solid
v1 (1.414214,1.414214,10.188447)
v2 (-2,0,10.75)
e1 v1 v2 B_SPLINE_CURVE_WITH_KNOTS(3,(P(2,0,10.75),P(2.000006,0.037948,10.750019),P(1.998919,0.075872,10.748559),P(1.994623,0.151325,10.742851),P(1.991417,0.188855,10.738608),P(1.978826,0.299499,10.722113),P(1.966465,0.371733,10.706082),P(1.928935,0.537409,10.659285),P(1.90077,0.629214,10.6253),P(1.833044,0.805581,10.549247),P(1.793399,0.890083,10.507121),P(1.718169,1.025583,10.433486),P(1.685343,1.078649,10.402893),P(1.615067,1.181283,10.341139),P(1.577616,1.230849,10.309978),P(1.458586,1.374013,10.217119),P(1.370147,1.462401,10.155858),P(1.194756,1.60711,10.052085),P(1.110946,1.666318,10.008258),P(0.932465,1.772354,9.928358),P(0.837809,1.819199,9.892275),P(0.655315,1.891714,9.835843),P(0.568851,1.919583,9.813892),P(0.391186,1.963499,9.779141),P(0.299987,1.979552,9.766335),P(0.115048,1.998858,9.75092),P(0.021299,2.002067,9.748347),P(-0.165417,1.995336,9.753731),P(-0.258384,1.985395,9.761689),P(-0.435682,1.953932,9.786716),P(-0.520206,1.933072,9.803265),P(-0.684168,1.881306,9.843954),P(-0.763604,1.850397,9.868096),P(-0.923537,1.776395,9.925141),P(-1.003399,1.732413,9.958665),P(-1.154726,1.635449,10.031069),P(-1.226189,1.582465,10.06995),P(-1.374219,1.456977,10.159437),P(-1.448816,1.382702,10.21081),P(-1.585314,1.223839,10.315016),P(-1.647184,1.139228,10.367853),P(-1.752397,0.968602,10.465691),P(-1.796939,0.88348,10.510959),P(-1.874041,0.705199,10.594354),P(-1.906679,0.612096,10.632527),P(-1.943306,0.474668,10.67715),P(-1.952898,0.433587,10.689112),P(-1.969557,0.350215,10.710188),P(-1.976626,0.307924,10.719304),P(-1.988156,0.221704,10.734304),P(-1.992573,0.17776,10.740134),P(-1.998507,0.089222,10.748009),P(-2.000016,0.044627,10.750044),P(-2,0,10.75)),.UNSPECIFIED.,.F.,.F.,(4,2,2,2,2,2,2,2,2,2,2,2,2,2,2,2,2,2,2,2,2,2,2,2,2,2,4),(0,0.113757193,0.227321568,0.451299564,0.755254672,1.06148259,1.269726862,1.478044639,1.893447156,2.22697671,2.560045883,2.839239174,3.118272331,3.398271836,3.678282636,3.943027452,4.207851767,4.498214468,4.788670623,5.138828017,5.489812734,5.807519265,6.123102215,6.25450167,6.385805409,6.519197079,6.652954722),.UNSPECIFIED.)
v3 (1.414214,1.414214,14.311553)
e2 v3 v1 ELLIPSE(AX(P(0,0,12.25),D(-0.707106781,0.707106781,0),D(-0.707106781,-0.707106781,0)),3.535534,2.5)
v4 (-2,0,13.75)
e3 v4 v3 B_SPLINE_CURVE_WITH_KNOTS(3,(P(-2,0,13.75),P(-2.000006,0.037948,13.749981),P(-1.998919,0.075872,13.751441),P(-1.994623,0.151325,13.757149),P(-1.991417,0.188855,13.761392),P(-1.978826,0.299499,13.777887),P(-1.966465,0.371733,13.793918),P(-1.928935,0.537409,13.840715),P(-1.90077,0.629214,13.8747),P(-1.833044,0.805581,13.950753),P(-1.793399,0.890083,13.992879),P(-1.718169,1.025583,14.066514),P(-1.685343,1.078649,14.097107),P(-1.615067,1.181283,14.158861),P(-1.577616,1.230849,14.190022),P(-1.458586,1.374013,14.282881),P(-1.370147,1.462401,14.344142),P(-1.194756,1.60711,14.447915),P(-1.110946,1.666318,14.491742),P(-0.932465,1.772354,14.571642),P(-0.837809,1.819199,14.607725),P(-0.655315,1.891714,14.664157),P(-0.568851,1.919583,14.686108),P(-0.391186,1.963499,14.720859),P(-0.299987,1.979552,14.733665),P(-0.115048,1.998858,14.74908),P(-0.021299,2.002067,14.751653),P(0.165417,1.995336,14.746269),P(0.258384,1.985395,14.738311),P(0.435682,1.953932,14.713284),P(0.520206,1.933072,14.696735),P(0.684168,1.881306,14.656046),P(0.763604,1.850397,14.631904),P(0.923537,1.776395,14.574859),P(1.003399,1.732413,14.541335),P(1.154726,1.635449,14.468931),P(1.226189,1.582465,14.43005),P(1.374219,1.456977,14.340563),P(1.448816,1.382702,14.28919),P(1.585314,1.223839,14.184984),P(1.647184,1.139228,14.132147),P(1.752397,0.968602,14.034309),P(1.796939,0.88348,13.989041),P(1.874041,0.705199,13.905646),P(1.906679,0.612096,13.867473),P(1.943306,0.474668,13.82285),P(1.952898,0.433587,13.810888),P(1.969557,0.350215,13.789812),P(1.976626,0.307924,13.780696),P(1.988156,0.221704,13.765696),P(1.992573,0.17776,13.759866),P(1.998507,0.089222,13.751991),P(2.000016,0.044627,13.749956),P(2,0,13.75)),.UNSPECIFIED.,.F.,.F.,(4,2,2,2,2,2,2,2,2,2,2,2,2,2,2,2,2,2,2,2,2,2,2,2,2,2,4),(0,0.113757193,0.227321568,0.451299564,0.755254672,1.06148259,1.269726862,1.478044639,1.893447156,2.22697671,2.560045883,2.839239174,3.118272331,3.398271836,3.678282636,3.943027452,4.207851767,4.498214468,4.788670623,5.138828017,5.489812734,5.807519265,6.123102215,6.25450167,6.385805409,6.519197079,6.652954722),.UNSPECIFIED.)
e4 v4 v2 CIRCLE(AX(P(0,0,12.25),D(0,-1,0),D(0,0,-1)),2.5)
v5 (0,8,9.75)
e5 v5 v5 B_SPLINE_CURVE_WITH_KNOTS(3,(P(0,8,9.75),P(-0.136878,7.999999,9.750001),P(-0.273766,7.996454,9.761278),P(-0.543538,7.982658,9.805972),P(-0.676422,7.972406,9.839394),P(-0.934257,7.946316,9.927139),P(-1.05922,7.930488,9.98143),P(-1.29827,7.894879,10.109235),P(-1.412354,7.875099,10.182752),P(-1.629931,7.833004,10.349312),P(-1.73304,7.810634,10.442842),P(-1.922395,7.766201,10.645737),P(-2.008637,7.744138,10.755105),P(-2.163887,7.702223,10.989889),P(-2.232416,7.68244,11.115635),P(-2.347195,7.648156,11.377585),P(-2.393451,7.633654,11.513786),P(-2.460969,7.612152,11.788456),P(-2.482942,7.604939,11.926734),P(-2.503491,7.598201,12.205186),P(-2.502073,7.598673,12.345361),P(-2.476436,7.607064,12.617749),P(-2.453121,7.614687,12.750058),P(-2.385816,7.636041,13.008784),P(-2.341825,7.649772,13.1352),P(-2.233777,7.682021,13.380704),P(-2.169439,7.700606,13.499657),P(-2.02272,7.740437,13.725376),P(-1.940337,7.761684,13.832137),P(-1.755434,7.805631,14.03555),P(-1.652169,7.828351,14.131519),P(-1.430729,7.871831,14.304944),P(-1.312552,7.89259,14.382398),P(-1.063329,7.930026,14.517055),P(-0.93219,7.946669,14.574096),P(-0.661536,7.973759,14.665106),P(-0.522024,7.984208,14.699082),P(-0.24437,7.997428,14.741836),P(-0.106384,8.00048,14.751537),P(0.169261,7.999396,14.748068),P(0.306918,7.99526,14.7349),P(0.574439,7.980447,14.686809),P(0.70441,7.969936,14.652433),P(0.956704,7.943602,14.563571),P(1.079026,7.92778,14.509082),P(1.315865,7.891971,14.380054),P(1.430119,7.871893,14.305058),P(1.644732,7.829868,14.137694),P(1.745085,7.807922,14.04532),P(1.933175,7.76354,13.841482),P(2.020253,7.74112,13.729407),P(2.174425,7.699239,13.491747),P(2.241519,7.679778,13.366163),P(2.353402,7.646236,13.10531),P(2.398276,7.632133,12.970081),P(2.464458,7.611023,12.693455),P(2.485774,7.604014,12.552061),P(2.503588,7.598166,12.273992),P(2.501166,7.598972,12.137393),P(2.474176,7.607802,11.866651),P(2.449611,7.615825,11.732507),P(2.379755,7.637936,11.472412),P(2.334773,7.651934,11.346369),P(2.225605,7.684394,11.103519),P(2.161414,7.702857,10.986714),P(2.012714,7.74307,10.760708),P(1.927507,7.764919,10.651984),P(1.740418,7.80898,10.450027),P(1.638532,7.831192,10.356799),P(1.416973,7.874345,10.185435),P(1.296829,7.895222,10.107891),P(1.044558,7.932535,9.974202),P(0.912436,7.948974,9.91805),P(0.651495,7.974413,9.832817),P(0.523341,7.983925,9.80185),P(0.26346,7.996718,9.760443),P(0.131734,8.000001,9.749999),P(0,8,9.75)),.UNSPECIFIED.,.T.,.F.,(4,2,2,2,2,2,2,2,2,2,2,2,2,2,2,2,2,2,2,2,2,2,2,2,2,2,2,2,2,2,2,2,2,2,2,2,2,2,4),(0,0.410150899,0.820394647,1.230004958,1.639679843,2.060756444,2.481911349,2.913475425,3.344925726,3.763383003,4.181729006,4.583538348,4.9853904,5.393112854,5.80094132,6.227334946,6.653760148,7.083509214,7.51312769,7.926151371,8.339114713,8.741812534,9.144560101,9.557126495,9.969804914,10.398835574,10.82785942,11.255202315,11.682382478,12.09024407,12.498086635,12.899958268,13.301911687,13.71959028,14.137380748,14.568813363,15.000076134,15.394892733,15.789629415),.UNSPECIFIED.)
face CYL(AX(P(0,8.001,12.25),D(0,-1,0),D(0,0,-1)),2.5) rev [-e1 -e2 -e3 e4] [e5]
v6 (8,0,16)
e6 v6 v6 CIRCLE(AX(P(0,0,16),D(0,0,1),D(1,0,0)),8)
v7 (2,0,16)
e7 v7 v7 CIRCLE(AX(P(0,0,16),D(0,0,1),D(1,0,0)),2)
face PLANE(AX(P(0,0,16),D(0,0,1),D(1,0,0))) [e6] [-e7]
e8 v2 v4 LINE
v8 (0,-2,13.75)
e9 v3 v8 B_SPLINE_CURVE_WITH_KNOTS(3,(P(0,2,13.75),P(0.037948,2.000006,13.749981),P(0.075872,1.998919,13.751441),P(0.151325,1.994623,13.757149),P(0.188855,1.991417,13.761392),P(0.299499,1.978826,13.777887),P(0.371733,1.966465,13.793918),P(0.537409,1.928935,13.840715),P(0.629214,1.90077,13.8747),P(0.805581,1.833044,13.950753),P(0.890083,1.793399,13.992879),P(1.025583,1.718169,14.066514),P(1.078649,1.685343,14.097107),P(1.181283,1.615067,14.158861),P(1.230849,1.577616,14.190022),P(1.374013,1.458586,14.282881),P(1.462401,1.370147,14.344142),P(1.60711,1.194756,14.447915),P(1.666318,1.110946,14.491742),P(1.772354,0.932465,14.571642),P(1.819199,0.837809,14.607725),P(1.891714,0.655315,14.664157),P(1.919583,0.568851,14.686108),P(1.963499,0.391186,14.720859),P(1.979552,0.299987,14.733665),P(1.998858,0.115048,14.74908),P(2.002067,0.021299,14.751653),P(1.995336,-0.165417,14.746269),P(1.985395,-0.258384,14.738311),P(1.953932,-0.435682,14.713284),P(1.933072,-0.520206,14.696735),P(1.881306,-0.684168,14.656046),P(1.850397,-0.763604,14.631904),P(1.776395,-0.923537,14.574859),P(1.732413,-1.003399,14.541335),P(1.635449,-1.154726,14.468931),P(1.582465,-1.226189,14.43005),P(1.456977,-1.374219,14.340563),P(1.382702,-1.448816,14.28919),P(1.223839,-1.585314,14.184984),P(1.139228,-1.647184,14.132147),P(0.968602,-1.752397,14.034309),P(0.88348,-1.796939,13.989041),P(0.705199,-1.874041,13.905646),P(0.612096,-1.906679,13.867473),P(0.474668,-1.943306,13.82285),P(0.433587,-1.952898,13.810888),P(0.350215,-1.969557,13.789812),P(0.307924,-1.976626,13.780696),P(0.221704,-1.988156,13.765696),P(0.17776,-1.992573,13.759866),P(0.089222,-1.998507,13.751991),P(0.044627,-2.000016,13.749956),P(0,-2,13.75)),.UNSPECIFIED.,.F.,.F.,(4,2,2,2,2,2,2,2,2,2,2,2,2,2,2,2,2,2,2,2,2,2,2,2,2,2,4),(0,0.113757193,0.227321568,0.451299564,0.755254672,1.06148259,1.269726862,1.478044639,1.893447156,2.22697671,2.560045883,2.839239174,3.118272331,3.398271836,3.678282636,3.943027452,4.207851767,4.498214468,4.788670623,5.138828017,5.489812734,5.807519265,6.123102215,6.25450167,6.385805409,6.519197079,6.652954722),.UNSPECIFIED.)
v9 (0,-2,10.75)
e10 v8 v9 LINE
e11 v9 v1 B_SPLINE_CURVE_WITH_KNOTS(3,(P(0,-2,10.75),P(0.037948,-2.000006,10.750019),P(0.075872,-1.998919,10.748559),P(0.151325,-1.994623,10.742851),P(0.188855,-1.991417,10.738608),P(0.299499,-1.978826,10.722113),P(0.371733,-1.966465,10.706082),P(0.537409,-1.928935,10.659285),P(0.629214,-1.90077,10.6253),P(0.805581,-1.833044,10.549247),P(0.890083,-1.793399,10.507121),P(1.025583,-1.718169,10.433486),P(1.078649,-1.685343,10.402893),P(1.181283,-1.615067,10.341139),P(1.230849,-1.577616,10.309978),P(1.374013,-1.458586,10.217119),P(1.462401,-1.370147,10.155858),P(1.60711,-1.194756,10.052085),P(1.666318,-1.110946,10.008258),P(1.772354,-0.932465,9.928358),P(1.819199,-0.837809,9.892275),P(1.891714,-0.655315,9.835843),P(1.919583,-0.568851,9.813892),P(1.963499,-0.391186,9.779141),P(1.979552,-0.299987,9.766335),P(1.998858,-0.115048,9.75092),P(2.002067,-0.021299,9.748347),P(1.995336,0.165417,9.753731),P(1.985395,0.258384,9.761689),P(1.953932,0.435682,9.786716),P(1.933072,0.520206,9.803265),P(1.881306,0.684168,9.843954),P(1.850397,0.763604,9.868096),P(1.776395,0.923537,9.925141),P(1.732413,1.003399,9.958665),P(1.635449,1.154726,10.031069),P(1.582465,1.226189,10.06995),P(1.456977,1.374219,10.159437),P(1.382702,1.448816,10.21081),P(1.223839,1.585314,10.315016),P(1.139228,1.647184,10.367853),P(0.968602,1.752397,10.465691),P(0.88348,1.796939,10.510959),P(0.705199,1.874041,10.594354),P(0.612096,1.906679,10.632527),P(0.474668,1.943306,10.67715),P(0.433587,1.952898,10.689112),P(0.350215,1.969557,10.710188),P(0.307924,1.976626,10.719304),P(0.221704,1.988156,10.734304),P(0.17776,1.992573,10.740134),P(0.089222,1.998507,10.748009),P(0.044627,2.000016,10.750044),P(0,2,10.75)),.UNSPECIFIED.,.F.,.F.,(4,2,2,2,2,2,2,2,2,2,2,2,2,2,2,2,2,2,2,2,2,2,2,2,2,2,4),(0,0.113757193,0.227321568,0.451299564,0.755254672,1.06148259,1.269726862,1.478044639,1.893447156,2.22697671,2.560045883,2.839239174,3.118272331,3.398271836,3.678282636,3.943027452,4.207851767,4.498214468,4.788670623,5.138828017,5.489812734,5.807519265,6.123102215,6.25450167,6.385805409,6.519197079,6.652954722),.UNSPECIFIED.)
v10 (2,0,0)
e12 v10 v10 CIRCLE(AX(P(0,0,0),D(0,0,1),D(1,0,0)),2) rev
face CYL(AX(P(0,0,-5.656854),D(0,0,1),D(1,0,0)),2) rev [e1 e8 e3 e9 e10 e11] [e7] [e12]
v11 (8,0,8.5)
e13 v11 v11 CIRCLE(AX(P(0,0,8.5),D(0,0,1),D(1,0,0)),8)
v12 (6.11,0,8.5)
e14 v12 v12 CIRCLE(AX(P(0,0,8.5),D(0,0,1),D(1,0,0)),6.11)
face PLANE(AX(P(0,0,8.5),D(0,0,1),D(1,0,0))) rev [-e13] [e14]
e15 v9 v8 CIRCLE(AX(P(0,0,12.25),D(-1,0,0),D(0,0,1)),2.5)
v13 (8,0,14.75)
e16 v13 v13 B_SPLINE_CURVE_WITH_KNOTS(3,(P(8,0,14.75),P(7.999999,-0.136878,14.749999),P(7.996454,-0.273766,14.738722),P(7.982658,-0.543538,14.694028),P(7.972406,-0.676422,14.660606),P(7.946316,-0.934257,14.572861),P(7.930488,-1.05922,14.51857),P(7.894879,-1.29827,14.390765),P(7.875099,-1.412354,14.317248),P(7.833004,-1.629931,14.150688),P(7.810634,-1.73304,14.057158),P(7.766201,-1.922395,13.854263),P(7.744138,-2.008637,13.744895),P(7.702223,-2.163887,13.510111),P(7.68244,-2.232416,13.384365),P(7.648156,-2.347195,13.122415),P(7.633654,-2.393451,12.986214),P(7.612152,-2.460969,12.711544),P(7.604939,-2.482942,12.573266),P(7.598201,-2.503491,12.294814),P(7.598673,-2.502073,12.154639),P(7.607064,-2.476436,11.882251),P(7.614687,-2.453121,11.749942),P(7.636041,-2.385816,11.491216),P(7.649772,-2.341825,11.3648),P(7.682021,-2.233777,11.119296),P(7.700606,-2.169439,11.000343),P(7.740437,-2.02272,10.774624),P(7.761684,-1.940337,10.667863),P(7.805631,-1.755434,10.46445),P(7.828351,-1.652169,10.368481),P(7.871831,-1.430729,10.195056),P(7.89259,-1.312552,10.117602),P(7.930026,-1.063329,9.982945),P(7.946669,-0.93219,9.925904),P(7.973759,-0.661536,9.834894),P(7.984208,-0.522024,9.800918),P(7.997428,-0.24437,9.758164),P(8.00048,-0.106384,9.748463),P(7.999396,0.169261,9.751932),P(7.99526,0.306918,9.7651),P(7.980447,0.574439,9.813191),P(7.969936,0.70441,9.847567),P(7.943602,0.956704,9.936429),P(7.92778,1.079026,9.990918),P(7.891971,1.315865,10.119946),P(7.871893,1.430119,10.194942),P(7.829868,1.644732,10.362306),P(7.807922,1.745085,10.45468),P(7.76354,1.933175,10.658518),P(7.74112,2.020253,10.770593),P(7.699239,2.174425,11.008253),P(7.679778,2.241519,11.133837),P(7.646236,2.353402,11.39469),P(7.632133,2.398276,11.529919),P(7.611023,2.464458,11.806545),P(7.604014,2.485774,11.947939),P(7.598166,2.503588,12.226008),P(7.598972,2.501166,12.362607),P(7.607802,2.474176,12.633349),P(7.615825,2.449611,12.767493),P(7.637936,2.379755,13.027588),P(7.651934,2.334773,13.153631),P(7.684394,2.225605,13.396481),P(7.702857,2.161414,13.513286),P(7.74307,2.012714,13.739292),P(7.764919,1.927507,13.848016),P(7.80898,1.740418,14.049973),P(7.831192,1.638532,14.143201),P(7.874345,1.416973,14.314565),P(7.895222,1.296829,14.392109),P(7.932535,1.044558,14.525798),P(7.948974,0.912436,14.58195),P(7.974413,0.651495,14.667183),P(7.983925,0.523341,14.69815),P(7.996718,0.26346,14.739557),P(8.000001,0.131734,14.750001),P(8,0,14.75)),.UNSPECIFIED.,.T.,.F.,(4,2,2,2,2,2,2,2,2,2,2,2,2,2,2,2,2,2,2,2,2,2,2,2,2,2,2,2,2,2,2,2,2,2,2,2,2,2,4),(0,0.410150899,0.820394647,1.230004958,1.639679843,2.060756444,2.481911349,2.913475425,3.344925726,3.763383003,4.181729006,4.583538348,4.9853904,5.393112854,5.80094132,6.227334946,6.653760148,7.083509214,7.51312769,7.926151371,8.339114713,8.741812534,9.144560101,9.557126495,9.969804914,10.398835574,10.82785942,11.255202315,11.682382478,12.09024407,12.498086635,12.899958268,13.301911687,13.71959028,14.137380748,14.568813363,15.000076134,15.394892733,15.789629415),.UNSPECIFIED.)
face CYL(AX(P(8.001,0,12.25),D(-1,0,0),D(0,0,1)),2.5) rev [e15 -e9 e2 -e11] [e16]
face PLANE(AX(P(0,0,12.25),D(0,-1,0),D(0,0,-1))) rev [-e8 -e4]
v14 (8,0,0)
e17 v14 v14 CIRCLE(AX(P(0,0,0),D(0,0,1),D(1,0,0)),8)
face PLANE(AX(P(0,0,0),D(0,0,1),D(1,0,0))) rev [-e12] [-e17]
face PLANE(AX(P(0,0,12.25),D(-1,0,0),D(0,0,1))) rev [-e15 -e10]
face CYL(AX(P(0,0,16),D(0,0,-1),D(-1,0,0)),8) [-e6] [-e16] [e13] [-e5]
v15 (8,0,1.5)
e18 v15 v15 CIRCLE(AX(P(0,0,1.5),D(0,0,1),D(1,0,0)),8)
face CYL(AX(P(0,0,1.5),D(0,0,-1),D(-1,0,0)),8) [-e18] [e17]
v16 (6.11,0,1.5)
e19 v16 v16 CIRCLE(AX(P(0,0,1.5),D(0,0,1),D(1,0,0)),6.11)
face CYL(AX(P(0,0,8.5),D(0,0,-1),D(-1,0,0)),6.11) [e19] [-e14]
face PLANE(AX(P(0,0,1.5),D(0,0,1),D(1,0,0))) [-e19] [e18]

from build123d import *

# Parameters (mm, degrees)
SKETCH1_R               = 8
BOSS_EXTRUDE1_DEPTH     = 1.5
SKETCH2_R               = 6.11
BOSS_EXTRUDE2_DEPTH     = 7
SKETCH4_R               = 8
BOSS_EXTRUDE4_DEPTH     = 7.5
SKETCH6_R               = 2
CUT_EXTRUDE1_DEPTH      = 16
CUT_EXTRUDE2_REACH      = 21.596
CUT_EXTRUDE2_END_RADIUS = 8
SKETCH7_R               = 2.5
CUT_EXTRUDE3_REACH      = 21.596
CUT_EXTRUDE3_END_RADIUS = 8
SKETCH8_R               = 2.5


with BuildPart() as part:
    # Sketch1 → Boss-Extrude1 (new body)
    with BuildSketch(Plane.XY):
        Circle(SKETCH1_R)
    extrude(amount=BOSS_EXTRUDE1_DEPTH)

    # Sketch2 → Boss-Extrude2 (add)
    with BuildSketch(Plane.XY.offset(1.5)):
        Circle(SKETCH2_R)
    extrude(amount=BOSS_EXTRUDE2_DEPTH)

    # Sketch4 → Boss-Extrude4 (add)
    with BuildSketch(Plane.XY.offset(8.5)):
        Circle(SKETCH4_R)
    extrude(amount=BOSS_EXTRUDE4_DEPTH)

    # Sketch6 → Cut-Extrude1 (cut)
    with BuildSketch(Plane.XY.offset(16)):
        Circle(SKETCH6_R)
    extrude(amount=-CUT_EXTRUDE1_DEPTH, mode=Mode.SUBTRACT)

    # Cut-Extrude2: up to this cylinder (the profile starts inside it)
    cut_extrude2_end = Plane(origin=(0, 0, 12.25), z_dir=(0, 0, -1)) * Cylinder(CUT_EXTRUDE2_END_RADIUS, 60.192, mode=Mode.PRIVATE)
    # Sketch7 → Cut-Extrude2 (cut, up to the surface)
    with BuildSketch(Plane.ZY, mode=Mode.PRIVATE) as cut_extrude2_sk1:
        with Locations((12.25, 0)):
            Circle(SKETCH7_R)
    cut_extrude2_tool1 = extrude(cut_extrude2_sk1.sketch, amount=-CUT_EXTRUDE2_REACH, mode=Mode.PRIVATE) & cut_extrude2_end
    add(cut_extrude2_tool1.solids().sort_by_distance((0, 0, 12.25))[0], mode=Mode.SUBTRACT)

    # Cut-Extrude3: up to this cylinder (the profile starts inside it)
    cut_extrude3_end = Plane(origin=(0, 0, 12.25), z_dir=(0, 0, -1)) * Cylinder(CUT_EXTRUDE3_END_RADIUS, 60.192, mode=Mode.PRIVATE)
    # Sketch8 → Cut-Extrude3 (cut, up to the surface)
    with BuildSketch(Plane(origin=(0, 0, 0), x_dir=(0, 0, 1), z_dir=(0, -1, 0)), mode=Mode.PRIVATE) as cut_extrude3_sk1:
        with Locations(Location((12.25, 0, 0), (0, 0, 180))):
            Circle(SKETCH8_R)
    cut_extrude3_tool1 = extrude(cut_extrude3_sk1.sketch, amount=-CUT_EXTRUDE3_REACH, mode=Mode.PRIVATE) & cut_extrude3_end
    add(cut_extrude3_tool1.solids().sort_by_distance((0, 0, 12.25))[0], mode=Mode.SUBTRACT)


solid = part.part
